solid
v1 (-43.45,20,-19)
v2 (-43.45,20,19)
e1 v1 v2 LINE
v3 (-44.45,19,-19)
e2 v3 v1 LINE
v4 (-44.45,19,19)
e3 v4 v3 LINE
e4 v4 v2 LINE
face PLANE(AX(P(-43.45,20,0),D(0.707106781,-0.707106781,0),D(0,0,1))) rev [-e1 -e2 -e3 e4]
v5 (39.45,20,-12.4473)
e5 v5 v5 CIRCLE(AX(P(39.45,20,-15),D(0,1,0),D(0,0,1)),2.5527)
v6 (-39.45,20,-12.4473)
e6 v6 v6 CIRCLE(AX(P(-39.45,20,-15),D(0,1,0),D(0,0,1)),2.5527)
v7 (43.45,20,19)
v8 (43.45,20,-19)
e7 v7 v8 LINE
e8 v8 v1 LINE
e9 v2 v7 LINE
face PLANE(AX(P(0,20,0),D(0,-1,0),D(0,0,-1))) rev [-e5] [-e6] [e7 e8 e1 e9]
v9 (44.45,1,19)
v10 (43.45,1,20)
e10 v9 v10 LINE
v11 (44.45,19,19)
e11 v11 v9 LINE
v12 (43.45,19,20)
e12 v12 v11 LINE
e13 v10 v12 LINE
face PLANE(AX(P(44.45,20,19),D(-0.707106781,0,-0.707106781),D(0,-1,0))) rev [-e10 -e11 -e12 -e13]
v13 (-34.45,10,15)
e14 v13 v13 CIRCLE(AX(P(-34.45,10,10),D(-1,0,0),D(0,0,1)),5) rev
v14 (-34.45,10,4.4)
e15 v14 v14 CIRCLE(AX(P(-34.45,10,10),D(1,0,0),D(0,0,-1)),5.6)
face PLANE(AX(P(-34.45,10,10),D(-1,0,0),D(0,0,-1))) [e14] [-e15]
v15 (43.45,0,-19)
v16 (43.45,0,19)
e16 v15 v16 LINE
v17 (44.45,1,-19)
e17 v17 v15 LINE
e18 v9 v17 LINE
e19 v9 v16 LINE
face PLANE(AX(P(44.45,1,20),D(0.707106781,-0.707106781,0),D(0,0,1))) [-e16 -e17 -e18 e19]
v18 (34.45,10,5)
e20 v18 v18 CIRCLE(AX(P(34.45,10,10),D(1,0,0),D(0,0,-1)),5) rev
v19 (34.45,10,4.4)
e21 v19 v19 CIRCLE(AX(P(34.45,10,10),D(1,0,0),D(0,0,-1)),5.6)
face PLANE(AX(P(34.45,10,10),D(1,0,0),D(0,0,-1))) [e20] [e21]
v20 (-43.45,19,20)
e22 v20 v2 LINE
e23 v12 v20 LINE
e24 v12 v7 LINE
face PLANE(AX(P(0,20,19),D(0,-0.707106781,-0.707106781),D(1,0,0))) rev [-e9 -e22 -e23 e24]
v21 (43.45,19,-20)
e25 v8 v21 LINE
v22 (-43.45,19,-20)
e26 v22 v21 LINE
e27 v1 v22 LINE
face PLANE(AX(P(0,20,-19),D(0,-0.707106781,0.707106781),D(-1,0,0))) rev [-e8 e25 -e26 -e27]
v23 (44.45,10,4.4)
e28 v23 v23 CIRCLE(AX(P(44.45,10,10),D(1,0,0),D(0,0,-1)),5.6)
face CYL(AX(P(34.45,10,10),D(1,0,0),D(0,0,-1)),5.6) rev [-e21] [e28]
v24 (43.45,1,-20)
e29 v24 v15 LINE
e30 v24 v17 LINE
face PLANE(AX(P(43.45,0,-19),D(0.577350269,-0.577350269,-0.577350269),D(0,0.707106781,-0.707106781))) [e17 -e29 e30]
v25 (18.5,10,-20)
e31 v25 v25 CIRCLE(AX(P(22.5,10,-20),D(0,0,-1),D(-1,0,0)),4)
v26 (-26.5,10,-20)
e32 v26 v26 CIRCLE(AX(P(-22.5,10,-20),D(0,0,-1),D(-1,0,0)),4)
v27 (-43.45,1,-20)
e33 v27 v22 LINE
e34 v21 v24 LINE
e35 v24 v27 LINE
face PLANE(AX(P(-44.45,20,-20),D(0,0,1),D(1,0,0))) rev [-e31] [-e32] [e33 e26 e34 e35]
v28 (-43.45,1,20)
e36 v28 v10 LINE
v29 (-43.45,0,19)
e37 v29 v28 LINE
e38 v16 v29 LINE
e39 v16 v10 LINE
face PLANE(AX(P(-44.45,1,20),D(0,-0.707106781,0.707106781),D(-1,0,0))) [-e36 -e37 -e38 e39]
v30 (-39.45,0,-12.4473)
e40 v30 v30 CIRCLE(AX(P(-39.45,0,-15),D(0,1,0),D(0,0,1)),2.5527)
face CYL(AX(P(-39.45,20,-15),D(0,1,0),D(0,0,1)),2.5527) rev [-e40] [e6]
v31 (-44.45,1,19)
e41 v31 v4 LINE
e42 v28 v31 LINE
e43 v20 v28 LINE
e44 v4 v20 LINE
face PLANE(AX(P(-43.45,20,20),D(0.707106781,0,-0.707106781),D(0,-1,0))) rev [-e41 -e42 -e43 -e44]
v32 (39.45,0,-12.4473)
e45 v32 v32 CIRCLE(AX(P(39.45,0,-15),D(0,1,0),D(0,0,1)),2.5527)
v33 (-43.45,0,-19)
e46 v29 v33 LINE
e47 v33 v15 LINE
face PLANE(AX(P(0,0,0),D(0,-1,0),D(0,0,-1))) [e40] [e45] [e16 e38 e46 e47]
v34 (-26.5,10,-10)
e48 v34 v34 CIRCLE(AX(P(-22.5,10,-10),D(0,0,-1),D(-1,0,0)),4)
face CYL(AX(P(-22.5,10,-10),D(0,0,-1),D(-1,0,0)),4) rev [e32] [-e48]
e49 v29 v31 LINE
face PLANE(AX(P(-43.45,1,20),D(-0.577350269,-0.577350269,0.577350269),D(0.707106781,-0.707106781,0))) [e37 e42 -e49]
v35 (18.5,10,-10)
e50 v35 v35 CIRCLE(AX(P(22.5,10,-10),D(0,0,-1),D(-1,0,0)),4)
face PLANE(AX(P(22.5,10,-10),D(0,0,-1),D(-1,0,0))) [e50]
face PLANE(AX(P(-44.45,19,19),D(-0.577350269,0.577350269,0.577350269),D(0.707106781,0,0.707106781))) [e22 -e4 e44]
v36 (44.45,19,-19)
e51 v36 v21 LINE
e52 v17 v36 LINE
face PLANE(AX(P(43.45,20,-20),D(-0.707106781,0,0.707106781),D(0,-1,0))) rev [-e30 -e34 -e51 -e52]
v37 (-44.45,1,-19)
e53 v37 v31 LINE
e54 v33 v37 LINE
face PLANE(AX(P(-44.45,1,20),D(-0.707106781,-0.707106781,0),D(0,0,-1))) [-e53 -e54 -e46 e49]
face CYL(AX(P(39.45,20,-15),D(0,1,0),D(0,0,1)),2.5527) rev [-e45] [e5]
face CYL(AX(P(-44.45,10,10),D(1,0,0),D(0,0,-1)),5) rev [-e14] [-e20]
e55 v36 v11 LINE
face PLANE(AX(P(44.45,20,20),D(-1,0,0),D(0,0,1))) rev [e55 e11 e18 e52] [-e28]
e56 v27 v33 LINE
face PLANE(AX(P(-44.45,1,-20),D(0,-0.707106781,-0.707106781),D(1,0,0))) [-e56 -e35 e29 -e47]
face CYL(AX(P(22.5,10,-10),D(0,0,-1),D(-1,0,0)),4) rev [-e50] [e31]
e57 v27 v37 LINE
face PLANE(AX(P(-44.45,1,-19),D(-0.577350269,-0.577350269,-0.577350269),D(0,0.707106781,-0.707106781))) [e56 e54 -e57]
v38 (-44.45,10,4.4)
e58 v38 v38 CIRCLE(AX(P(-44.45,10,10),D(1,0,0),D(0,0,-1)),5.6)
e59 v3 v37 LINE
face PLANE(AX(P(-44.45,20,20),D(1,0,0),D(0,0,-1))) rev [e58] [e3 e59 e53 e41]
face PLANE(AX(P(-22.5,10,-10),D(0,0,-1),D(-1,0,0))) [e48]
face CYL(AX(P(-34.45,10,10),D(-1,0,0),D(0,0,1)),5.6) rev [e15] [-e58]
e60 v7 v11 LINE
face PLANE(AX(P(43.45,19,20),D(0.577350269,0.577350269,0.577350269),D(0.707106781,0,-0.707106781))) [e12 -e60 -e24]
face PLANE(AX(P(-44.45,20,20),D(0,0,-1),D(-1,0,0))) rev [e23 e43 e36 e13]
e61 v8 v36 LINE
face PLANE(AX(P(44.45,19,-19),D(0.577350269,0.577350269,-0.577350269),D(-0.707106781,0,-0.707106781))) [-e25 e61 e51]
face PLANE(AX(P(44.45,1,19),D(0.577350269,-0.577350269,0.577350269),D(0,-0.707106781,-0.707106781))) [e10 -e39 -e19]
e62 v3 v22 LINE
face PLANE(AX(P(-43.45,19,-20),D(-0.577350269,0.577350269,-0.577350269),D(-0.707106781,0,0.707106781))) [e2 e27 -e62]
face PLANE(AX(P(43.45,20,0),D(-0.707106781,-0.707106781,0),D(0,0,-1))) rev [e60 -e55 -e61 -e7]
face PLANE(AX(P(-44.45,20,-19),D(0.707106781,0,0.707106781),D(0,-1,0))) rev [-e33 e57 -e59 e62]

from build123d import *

# Parameters (mm, degrees)
SKETCH1_W               = 88.9
SKETCH1_H               = 40
BOSS_EXTRUDE1_DEPTH     = 20
SKETCH2_R               = 5
CUT_EXTRUDE1_DEPTH      = 89.9
SKETCH3_R               = 5.6
CUT_EXTRUDE2_DEPTH      = 10
SKETCH4_R               = 4
CUT_EXTRUDE3_DEPTH      = 10
F_1_4_20_TAPPED_HOLE1_D = 5.1054
CHAMFER1_SIZE           = 1


with BuildPart() as part:
    # Sketch1 → Boss-Extrude1 (new body)
    with BuildSketch(Plane(origin=(0, 0, 0), x_dir=(1, 0, 0), z_dir=(0, 1, 0))):
        Rectangle(SKETCH1_W, SKETCH1_H)
    extrude(amount=BOSS_EXTRUDE1_DEPTH)

    # Sketch2 → Cut-Extrude1 (cut, through all)
    with BuildSketch(Plane(origin=(44.45, 0, 0), x_dir=(0, 0, -1), z_dir=(1, 0, 0))):
        with Locations((-10, 10)):
            Circle(SKETCH2_R)
    extrude(amount=-CUT_EXTRUDE1_DEPTH, mode=Mode.SUBTRACT)

    # Sketch3 → Cut-Extrude2 (cut)
    with BuildSketch(Plane(origin=(44.45, 0, 0), x_dir=(0, 0, -1), z_dir=(1, 0, 0))):
        with Locations((-10, 10)):
            Circle(SKETCH3_R)
    cut_extrude2 = extrude(amount=-CUT_EXTRUDE2_DEPTH, mode=Mode.SUBTRACT)

    # Mirror1: Cut-Extrude2 across plane
    add(cut_extrude2.mirror(Plane(origin=(0, 0, 0), x_dir=(0, 0, 1), z_dir=(1, 0, 0))), mode=Mode.SUBTRACT)

    # Sketch4 → Cut-Extrude3 (cut)
    with BuildSketch(Plane(origin=(0, 0, -20), x_dir=(-1, 0, 0), z_dir=(0, 0, -1))):
        with Locations((-22.5, 10)):
            Circle(SKETCH4_R)
        with Locations((22.5, 10)):
            Circle(SKETCH4_R)
    extrude(amount=-CUT_EXTRUDE3_DEPTH, mode=Mode.SUBTRACT)

    # 1/4-20 Tapped Hole1 (through all)
    with Locations(Plane(origin=(0, 20, 0), x_dir=(1, 0, 0), z_dir=(0, 1, 0))):
        with Locations((39.45, 15), (-39.45, 15)):
            Hole(F_1_4_20_TAPPED_HOLE1_D / 2)

    # Chamfer1
    chamfer1_edges = [part.edges().sort_by_distance(p)[0] for p in [
        (-44.45, 20, 0),
        (0, 20, 20),
        (44.45, 20, 0),
        (0, 0, 20),
        (-44.45, 0, 0),
        (0, 0, -20),
        (44.45, 0, 0),
        (0, 20, -20),
        (44.45, 10, 20),
        (-44.45, 10, 20),
        (-44.45, 10, -20),
        (44.45, 10, -20),
    ]]
    chamfer(chamfer1_edges, length=CHAMFER1_SIZE)


solid = part.part
